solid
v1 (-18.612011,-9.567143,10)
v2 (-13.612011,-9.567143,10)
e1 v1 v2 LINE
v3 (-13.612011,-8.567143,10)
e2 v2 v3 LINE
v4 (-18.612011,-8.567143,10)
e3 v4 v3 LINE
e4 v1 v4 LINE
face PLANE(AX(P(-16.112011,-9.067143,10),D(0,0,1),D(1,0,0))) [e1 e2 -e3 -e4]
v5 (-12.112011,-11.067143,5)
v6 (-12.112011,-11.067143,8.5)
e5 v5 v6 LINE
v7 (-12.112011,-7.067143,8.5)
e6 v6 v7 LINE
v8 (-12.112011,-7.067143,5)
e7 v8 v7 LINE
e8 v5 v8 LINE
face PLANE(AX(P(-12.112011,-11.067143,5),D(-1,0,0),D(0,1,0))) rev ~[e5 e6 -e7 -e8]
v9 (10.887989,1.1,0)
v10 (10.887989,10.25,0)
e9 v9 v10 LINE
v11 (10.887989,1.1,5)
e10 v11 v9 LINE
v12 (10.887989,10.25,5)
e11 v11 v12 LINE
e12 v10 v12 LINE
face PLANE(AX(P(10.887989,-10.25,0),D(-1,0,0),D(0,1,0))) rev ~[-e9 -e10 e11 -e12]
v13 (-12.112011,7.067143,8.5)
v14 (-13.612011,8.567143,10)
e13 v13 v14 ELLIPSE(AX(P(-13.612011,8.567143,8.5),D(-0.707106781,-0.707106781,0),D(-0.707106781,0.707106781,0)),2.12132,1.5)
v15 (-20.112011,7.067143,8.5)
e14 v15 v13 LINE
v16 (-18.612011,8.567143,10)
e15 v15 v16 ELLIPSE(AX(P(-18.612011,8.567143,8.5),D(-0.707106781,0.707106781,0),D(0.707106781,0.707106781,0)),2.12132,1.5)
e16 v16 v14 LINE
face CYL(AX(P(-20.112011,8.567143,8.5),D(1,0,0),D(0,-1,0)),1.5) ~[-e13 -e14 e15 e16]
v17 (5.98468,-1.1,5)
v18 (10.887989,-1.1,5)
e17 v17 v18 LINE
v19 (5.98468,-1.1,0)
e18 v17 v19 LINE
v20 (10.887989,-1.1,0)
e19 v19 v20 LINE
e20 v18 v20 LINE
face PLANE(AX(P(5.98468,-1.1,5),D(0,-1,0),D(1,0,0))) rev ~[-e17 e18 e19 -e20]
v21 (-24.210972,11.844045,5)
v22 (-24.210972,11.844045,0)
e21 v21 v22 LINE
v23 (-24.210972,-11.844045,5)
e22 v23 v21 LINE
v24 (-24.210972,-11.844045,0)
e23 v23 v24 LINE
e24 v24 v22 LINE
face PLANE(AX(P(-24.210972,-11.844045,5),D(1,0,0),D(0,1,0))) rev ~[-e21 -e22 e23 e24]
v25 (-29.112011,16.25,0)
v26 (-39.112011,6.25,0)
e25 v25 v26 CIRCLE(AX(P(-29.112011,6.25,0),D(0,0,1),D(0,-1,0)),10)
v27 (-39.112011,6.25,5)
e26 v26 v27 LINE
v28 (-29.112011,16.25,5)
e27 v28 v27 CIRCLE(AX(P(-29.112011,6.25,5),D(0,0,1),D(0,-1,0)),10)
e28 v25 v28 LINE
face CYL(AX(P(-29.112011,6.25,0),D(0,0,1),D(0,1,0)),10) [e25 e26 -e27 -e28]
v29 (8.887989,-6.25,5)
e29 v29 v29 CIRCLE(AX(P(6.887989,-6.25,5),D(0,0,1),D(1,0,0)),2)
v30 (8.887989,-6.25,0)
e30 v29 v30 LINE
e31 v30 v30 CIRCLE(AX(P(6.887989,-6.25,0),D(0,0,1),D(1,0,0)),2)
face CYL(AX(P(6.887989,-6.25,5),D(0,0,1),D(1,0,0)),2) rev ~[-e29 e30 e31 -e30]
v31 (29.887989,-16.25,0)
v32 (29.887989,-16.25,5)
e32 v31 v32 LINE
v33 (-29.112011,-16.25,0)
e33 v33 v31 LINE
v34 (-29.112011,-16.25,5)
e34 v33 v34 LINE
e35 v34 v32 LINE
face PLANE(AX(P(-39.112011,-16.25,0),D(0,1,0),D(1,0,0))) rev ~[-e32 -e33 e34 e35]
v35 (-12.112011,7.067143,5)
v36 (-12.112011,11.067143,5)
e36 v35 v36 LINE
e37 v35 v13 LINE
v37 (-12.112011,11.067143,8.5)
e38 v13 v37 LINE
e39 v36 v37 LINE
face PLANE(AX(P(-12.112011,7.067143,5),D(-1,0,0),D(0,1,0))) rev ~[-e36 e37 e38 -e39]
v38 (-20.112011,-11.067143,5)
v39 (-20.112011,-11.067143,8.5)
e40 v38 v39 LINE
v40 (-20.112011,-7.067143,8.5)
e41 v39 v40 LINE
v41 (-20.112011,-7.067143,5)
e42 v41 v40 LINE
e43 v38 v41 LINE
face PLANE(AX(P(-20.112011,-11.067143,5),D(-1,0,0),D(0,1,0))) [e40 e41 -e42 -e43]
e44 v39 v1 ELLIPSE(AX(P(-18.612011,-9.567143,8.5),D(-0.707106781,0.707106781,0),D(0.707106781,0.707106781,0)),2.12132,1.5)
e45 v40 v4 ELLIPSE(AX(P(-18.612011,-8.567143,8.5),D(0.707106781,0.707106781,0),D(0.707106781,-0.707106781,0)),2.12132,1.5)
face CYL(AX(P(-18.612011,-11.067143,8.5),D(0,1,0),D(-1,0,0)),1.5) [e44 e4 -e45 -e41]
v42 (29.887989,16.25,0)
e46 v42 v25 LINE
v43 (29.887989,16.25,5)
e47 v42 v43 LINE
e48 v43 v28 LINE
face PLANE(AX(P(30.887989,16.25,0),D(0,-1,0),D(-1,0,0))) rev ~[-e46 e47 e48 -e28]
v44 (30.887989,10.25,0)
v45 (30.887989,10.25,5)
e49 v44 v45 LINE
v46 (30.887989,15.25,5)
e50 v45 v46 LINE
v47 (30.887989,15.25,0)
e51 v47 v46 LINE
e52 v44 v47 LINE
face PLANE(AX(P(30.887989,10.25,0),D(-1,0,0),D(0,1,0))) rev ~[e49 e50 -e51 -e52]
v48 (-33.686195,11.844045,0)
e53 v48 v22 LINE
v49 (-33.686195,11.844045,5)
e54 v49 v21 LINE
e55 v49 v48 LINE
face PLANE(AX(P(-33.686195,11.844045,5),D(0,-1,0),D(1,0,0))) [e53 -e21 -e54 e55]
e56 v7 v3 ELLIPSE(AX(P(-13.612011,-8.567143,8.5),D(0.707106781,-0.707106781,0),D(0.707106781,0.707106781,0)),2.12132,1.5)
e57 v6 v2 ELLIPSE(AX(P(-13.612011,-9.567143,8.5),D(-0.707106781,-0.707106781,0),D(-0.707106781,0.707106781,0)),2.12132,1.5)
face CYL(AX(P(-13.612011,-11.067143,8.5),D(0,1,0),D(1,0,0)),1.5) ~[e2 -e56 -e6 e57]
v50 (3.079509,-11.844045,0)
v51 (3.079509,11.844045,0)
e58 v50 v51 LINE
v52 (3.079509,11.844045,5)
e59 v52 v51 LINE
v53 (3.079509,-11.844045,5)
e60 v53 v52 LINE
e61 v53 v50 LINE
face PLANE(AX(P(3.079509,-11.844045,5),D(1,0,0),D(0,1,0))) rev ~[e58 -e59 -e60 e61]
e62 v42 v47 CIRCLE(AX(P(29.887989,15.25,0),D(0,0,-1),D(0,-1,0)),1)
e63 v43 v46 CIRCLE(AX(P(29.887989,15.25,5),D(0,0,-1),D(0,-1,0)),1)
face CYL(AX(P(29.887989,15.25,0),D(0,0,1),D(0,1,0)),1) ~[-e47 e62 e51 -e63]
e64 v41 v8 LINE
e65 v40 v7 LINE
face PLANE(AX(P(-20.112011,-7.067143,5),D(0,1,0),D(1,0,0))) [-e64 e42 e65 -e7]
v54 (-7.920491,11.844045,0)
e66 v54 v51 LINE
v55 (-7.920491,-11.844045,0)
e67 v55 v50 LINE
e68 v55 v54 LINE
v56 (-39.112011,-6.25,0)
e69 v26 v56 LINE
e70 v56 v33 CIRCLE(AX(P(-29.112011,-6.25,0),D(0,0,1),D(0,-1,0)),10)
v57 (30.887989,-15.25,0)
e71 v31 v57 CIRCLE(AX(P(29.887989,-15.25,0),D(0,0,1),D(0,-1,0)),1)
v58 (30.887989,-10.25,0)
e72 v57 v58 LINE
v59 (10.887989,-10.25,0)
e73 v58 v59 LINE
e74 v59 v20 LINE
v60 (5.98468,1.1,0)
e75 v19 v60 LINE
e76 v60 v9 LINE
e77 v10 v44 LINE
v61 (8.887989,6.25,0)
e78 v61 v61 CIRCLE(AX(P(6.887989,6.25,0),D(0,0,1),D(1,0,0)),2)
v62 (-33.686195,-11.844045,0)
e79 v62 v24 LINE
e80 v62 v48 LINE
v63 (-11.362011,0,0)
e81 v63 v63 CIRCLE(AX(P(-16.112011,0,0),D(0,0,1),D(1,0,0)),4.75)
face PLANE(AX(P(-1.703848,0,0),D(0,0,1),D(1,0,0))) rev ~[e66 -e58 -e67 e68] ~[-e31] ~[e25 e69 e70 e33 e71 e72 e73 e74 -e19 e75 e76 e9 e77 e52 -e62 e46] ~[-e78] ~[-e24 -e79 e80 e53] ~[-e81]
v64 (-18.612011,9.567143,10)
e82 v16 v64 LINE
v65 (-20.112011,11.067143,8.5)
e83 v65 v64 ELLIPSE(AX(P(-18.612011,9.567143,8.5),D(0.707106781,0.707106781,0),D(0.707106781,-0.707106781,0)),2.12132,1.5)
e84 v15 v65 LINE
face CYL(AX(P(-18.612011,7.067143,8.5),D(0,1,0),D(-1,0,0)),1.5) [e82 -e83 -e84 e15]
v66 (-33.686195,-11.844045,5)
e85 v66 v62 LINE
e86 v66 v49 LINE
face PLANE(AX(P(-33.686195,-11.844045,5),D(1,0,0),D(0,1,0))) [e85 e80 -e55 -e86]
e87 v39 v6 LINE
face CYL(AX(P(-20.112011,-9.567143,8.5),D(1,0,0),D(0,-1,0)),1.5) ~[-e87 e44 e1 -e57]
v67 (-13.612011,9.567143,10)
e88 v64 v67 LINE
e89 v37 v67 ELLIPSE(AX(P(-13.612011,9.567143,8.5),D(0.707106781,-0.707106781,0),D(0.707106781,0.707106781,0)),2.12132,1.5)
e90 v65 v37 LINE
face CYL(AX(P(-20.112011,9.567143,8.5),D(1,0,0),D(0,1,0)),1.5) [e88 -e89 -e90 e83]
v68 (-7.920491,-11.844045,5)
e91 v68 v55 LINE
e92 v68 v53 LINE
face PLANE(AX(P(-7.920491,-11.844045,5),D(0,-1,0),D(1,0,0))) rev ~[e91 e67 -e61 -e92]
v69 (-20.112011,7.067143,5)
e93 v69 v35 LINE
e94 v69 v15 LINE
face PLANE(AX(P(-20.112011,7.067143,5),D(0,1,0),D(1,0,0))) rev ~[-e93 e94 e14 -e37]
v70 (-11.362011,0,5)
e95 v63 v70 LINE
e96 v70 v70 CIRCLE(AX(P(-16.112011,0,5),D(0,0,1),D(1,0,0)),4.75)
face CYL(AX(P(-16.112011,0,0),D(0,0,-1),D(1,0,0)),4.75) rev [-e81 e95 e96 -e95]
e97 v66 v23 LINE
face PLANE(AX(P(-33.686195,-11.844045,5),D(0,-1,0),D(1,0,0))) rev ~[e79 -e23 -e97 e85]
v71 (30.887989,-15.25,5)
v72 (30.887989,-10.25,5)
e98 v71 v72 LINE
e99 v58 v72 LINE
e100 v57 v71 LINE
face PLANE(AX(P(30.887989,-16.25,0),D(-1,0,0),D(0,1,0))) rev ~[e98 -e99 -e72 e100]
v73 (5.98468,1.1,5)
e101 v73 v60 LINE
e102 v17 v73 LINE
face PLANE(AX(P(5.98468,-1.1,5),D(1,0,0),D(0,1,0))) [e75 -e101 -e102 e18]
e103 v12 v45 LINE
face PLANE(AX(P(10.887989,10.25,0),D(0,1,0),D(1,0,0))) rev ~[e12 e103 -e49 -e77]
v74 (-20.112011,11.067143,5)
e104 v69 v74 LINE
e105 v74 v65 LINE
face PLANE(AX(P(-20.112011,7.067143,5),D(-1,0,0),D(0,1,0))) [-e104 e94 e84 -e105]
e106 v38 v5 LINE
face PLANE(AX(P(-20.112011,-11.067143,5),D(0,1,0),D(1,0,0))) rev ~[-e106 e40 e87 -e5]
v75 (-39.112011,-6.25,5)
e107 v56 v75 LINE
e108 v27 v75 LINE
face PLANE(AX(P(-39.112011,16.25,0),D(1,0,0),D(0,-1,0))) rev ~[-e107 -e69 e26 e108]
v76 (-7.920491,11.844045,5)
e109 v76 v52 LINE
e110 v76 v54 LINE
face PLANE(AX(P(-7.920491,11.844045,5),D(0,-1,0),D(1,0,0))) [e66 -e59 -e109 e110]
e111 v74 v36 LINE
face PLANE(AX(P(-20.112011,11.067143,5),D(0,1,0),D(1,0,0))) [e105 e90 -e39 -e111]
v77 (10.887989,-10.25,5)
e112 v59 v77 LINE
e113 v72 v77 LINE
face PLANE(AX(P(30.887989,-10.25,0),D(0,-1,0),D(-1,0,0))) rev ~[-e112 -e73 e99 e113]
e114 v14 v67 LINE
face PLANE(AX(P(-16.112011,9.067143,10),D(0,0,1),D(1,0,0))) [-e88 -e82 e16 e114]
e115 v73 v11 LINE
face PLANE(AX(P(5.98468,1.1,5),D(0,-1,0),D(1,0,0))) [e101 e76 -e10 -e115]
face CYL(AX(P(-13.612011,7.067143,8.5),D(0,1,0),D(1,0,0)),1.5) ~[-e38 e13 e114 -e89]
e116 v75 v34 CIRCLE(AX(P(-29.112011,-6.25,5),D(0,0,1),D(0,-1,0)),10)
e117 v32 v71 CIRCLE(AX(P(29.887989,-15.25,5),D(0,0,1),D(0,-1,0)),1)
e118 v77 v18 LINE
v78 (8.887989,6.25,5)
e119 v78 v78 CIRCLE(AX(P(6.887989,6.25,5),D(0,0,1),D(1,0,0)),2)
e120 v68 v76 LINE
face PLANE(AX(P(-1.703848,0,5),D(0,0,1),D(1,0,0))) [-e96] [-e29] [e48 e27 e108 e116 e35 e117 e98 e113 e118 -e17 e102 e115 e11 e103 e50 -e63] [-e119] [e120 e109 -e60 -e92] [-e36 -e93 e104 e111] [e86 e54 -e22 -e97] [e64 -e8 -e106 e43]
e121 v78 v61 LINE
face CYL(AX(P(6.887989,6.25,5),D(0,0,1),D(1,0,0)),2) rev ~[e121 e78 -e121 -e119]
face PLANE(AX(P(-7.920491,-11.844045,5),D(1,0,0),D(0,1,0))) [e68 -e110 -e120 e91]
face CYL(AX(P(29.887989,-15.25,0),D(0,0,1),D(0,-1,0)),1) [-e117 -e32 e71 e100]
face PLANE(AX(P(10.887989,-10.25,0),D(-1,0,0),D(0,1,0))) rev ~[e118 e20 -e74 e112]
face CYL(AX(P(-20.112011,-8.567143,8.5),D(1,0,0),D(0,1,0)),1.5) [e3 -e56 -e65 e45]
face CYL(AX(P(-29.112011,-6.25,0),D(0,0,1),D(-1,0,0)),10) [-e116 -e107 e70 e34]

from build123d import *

# Parameters (mm, degrees)
SKETCH_R      = 4.75
PAD_DEPTH     = 5
FILLET_R      = 10
FILLET001_R   = 1
SKETCH001_R   = 2
SKETCH001_W   = 9.475223
SKETCH001_H   = 23.68809
SKETCH001_W_2 = 11
SKETCH001_W_3 = 4.903309
SKETCH001_H_2 = 2.2
POCKET_DEPTH  = 5
SKETCH002_W   = 8
SKETCH002_H   = 4
PAD001_DEPTH  = 5
FILLET002_R   = 1.5


with BuildPart() as part:
    # Sketch → Pad (new body)
    with BuildSketch(Plane.XY):
        Polygon((30.887989, 10.25), (30.887989, 16.25), (-39.112011, 16.25), (-39.112011, -16.25), (30.887989, -16.25), (30.887989, -10.25), (10.887989, -10.25), (10.887989, 10.25), align=None)
        with Locations((-16.112011, 0)):
            Circle(SKETCH_R, mode=Mode.SUBTRACT)
    extrude(amount=PAD_DEPTH)

    # Fillet
    fillet_edges = [part.edges().sort_by_distance(p)[0] for p in [
        (-39.112011, -16.25, 2.5),
        (-39.112011, 16.25, 2.5),
    ]]
    fillet(fillet_edges, radius=FILLET_R)

    # Fillet001
    fillet001_edges = [part.edges().sort_by_distance(p)[0] for p in [
        (30.887989, -16.25, 2.5),
        (30.887989, 16.25, 2.5),
    ]]
    fillet(fillet001_edges, radius=FILLET001_R)

    # Sketch001 (on Face5 of Fillet001) → Pocket (cut)
    with BuildSketch(Plane.XY.offset(5)):
        with Locations((6.887989, 6.25)):
            Circle(SKETCH001_R)
        with Locations((6.887989, -6.25)):
            Circle(SKETCH001_R)
        with Locations((-28.9485835, 0)):
            Rectangle(SKETCH001_W, SKETCH001_H)
        with Locations((-2.4204911845, 0)):
            Rectangle(SKETCH001_W_2, SKETCH001_H)
        with Locations((8.4363345, 0)):
            Rectangle(SKETCH001_W_3, SKETCH001_H_2)
    extrude(amount=-POCKET_DEPTH, mode=Mode.SUBTRACT)

    # Sketch002 (on Face5 of Pocket) → Pad001 (join)
    with BuildSketch(Plane.XY.offset(5)):
        with Locations((-16.112011, 9.067142847)):
            Rectangle(SKETCH002_W, SKETCH002_H)
        with Locations((-16.112011, -9.067142847)):
            Rectangle(SKETCH002_W, SKETCH002_H)
    extrude(amount=PAD001_DEPTH)

    # Fillet002
    fillet002_edges = [part.edges().sort_by_distance(p)[0] for p in [
        (-16.112011, 11.067143, 10),
        (-12.112011, 9.067143, 10),
        (-16.112011, 7.067143, 10),
        (-20.112011, 9.067143, 10),
        (-16.112011, -7.067143, 10),
        (-12.112011, -9.067143, 10),
        (-16.112011, -11.067143, 10),
        (-20.112011, -9.067143, 10),
    ]]
    fillet(fillet002_edges, radius=FILLET002_R)


solid = part.part
